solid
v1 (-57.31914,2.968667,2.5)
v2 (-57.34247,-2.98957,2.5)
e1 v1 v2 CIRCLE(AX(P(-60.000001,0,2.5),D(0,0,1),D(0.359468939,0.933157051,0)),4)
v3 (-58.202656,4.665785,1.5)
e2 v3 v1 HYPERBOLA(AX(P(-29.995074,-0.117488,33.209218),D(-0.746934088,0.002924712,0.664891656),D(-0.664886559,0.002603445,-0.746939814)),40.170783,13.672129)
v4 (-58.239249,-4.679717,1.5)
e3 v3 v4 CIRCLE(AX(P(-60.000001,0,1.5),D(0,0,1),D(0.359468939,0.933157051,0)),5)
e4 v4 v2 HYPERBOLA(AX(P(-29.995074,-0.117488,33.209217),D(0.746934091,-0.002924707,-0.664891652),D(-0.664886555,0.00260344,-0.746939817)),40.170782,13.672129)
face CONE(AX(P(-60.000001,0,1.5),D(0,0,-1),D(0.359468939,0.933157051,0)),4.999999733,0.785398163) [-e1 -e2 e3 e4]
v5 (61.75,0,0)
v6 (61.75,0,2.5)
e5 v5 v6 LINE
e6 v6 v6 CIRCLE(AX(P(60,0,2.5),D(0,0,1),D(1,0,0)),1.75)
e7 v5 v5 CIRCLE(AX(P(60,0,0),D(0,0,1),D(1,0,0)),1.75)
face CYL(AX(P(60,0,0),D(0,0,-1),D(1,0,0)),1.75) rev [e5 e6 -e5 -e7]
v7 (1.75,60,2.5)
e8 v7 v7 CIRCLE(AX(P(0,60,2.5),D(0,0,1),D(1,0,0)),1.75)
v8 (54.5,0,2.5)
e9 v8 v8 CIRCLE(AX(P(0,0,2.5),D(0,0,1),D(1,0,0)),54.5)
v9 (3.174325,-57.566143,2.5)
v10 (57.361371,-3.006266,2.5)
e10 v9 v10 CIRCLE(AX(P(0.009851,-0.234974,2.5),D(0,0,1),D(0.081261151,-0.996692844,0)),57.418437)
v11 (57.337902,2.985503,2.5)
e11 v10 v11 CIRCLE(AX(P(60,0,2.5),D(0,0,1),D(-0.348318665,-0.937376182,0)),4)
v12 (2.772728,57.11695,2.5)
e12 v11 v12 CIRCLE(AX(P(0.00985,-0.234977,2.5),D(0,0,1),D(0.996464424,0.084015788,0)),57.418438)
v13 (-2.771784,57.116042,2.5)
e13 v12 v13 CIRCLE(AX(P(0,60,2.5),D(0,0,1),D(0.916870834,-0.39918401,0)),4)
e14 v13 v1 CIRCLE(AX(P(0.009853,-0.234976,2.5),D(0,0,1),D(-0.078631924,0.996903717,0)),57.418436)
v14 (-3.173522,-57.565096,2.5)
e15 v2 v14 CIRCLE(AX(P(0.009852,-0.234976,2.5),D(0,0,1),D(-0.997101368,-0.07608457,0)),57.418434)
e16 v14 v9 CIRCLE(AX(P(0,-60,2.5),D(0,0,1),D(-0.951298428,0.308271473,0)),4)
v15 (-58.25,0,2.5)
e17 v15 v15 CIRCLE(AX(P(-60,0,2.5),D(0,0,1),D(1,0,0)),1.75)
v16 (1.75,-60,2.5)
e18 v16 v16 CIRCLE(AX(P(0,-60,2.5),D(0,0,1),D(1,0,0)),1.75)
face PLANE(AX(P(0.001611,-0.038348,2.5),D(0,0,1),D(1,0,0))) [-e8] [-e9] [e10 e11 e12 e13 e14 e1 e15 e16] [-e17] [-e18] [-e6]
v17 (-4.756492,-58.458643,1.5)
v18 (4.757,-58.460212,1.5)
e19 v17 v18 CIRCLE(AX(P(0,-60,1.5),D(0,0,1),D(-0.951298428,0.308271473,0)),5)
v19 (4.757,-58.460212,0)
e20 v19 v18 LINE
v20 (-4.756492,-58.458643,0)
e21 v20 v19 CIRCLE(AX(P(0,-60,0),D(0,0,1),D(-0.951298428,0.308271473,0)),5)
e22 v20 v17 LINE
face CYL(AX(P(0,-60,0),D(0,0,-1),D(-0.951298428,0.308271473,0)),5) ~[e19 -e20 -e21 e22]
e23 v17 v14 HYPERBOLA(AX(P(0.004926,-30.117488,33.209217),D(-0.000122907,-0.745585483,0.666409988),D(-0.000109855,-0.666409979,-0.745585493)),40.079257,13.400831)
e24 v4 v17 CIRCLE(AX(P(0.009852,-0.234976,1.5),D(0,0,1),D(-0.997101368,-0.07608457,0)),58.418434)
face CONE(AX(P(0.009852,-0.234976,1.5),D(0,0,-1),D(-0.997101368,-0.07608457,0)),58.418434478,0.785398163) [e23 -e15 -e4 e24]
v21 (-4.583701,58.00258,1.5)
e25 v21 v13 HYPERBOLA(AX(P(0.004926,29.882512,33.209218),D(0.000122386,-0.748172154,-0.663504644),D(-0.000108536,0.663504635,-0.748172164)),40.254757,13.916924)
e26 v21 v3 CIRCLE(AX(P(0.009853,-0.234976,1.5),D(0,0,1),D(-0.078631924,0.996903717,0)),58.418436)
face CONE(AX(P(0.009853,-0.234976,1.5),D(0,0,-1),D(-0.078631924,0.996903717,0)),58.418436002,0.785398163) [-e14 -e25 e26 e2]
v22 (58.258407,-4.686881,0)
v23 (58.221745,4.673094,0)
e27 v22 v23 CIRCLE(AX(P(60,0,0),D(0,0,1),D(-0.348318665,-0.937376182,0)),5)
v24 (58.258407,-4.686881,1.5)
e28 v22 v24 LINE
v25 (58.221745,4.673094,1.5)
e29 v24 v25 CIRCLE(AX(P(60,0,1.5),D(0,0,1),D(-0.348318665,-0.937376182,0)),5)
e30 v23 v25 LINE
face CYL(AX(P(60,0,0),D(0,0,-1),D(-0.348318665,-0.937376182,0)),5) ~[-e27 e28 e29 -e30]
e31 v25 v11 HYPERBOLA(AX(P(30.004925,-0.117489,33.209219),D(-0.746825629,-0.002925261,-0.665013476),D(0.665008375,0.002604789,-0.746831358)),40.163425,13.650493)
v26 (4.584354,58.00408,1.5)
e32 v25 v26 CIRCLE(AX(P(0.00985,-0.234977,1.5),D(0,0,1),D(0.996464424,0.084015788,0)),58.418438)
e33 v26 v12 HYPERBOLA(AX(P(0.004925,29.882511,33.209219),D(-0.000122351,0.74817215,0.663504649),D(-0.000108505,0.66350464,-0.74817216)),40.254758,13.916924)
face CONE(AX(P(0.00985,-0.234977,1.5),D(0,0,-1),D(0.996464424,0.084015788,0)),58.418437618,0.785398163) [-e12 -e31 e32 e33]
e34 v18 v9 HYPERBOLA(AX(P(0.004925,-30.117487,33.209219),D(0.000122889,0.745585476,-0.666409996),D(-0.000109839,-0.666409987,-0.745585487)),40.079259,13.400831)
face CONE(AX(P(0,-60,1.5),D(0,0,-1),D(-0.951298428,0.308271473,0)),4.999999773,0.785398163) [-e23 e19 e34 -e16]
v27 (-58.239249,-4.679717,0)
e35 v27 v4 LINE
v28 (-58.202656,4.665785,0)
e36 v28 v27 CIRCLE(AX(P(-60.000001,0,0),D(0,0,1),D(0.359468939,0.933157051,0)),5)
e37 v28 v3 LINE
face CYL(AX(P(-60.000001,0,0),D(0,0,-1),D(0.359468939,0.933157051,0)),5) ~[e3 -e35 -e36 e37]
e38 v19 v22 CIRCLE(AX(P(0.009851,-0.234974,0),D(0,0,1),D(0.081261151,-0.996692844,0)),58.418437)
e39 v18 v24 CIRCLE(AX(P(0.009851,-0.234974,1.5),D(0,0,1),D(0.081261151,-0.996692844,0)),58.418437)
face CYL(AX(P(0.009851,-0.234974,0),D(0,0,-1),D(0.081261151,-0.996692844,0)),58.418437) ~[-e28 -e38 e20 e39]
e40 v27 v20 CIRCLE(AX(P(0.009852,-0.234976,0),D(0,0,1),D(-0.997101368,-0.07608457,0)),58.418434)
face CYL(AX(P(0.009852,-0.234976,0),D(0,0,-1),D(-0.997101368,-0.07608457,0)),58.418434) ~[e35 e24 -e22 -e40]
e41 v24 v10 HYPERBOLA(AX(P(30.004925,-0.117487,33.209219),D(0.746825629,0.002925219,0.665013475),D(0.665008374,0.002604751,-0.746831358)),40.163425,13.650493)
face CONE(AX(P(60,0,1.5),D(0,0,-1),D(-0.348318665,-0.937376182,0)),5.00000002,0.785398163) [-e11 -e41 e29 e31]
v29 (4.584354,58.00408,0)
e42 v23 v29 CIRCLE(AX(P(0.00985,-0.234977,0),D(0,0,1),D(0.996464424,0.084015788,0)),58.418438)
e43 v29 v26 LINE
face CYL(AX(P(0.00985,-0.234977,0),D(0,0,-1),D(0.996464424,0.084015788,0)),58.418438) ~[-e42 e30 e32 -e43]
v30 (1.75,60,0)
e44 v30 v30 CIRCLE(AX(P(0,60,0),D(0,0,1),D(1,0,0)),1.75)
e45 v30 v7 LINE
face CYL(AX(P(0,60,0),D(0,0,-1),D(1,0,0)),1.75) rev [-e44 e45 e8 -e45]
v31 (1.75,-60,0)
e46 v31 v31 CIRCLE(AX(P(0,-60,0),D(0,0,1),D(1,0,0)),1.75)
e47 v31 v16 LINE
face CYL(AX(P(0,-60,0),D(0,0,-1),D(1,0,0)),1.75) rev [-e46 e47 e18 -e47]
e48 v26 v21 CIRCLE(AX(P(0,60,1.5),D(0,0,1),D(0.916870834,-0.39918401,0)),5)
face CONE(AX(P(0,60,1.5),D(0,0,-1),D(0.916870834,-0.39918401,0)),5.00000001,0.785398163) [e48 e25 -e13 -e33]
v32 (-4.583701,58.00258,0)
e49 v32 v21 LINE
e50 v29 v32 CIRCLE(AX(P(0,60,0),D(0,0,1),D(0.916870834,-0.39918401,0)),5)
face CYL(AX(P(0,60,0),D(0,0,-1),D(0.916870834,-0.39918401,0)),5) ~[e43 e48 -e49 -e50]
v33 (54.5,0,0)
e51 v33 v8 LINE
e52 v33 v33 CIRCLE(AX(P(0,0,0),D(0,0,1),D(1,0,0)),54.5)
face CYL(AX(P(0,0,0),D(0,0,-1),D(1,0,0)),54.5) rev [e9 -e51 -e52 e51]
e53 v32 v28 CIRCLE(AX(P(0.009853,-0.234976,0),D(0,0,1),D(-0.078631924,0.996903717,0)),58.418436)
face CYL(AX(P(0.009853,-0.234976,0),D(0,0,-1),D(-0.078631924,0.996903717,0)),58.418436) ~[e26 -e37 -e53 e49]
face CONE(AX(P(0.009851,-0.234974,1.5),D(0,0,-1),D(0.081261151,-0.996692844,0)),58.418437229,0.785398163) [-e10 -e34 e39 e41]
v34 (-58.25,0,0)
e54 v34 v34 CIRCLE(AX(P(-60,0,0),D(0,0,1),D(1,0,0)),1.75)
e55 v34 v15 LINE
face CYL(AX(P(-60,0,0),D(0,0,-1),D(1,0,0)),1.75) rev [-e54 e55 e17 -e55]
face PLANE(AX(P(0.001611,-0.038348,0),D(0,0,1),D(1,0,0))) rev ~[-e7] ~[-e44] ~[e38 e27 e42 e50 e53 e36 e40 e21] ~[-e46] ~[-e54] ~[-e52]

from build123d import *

# Parameters (mm, degrees)
SKETCH_R     = 54.5
SKETCH_R_2   = 1.75
PAD_DEPTH    = 2.5
CHAMFER_SIZE = 1


with BuildPart() as part:
    # Sketch → Pad (new body)
    with BuildSketch(Plane.XY):
        with BuildLine():
            ThreePointArc((4.584354, 58.00408), (-0.000818, 65), (-4.583701, 58.00258))
            ThreePointArc((-4.583701, 58.00258), (-41.189101, 41.181927), (-58.202656, 4.665785))
            ThreePointArc((-58.202656, 4.665785), (-64.999962, 0.019578), (-58.239249, -4.679717))
            ThreePointArc((-58.239249, -4.679717), (-41.41212, -41.428831), (-4.756492, -58.458643))
            ThreePointArc((-4.756492, -58.458643), (-0.000824, -65), (4.757, -58.460212))
            ThreePointArc((4.757, -58.460212), (41.4225, -41.438205), (58.258407, -4.686881))
            ThreePointArc((58.258407, -4.686881), (64.999962, 0.019584), (58.221745, 4.673094))
            ThreePointArc((58.221745, 4.673094), (41.19943, 41.191251), (4.584354, 58.00408))
        make_face()
        Circle(SKETCH_R, mode=Mode.SUBTRACT)
        with Locations((0, 60)):
            Circle(SKETCH_R_2, mode=Mode.SUBTRACT)
        with Locations((0, -60)):
            Circle(SKETCH_R_2, mode=Mode.SUBTRACT)
        with Locations((-60, 0)):
            Circle(SKETCH_R_2, mode=Mode.SUBTRACT)
        with Locations((60, 0)):
            Circle(SKETCH_R_2, mode=Mode.SUBTRACT)
    extrude(amount=PAD_DEPTH)

    # Chamfer
    chamfer_edges = [part.edges().sort_by_distance(p)[0] for p in [
        (41.4225, -41.438205, 2.5),
        (-0.000824, -65, 2.5),
        (-41.41212, -41.428831, 2.5),
        (-64.999962, 0.019578, 2.5),
        (-41.189101, 41.181927, 2.5),
        (64.999962, 0.019584, 2.5),
        (41.19943, 41.191251, 2.5),
        (-0.000818, 65, 2.5),
    ]]
    chamfer(chamfer_edges, length=CHAMFER_SIZE)


solid = part.part
